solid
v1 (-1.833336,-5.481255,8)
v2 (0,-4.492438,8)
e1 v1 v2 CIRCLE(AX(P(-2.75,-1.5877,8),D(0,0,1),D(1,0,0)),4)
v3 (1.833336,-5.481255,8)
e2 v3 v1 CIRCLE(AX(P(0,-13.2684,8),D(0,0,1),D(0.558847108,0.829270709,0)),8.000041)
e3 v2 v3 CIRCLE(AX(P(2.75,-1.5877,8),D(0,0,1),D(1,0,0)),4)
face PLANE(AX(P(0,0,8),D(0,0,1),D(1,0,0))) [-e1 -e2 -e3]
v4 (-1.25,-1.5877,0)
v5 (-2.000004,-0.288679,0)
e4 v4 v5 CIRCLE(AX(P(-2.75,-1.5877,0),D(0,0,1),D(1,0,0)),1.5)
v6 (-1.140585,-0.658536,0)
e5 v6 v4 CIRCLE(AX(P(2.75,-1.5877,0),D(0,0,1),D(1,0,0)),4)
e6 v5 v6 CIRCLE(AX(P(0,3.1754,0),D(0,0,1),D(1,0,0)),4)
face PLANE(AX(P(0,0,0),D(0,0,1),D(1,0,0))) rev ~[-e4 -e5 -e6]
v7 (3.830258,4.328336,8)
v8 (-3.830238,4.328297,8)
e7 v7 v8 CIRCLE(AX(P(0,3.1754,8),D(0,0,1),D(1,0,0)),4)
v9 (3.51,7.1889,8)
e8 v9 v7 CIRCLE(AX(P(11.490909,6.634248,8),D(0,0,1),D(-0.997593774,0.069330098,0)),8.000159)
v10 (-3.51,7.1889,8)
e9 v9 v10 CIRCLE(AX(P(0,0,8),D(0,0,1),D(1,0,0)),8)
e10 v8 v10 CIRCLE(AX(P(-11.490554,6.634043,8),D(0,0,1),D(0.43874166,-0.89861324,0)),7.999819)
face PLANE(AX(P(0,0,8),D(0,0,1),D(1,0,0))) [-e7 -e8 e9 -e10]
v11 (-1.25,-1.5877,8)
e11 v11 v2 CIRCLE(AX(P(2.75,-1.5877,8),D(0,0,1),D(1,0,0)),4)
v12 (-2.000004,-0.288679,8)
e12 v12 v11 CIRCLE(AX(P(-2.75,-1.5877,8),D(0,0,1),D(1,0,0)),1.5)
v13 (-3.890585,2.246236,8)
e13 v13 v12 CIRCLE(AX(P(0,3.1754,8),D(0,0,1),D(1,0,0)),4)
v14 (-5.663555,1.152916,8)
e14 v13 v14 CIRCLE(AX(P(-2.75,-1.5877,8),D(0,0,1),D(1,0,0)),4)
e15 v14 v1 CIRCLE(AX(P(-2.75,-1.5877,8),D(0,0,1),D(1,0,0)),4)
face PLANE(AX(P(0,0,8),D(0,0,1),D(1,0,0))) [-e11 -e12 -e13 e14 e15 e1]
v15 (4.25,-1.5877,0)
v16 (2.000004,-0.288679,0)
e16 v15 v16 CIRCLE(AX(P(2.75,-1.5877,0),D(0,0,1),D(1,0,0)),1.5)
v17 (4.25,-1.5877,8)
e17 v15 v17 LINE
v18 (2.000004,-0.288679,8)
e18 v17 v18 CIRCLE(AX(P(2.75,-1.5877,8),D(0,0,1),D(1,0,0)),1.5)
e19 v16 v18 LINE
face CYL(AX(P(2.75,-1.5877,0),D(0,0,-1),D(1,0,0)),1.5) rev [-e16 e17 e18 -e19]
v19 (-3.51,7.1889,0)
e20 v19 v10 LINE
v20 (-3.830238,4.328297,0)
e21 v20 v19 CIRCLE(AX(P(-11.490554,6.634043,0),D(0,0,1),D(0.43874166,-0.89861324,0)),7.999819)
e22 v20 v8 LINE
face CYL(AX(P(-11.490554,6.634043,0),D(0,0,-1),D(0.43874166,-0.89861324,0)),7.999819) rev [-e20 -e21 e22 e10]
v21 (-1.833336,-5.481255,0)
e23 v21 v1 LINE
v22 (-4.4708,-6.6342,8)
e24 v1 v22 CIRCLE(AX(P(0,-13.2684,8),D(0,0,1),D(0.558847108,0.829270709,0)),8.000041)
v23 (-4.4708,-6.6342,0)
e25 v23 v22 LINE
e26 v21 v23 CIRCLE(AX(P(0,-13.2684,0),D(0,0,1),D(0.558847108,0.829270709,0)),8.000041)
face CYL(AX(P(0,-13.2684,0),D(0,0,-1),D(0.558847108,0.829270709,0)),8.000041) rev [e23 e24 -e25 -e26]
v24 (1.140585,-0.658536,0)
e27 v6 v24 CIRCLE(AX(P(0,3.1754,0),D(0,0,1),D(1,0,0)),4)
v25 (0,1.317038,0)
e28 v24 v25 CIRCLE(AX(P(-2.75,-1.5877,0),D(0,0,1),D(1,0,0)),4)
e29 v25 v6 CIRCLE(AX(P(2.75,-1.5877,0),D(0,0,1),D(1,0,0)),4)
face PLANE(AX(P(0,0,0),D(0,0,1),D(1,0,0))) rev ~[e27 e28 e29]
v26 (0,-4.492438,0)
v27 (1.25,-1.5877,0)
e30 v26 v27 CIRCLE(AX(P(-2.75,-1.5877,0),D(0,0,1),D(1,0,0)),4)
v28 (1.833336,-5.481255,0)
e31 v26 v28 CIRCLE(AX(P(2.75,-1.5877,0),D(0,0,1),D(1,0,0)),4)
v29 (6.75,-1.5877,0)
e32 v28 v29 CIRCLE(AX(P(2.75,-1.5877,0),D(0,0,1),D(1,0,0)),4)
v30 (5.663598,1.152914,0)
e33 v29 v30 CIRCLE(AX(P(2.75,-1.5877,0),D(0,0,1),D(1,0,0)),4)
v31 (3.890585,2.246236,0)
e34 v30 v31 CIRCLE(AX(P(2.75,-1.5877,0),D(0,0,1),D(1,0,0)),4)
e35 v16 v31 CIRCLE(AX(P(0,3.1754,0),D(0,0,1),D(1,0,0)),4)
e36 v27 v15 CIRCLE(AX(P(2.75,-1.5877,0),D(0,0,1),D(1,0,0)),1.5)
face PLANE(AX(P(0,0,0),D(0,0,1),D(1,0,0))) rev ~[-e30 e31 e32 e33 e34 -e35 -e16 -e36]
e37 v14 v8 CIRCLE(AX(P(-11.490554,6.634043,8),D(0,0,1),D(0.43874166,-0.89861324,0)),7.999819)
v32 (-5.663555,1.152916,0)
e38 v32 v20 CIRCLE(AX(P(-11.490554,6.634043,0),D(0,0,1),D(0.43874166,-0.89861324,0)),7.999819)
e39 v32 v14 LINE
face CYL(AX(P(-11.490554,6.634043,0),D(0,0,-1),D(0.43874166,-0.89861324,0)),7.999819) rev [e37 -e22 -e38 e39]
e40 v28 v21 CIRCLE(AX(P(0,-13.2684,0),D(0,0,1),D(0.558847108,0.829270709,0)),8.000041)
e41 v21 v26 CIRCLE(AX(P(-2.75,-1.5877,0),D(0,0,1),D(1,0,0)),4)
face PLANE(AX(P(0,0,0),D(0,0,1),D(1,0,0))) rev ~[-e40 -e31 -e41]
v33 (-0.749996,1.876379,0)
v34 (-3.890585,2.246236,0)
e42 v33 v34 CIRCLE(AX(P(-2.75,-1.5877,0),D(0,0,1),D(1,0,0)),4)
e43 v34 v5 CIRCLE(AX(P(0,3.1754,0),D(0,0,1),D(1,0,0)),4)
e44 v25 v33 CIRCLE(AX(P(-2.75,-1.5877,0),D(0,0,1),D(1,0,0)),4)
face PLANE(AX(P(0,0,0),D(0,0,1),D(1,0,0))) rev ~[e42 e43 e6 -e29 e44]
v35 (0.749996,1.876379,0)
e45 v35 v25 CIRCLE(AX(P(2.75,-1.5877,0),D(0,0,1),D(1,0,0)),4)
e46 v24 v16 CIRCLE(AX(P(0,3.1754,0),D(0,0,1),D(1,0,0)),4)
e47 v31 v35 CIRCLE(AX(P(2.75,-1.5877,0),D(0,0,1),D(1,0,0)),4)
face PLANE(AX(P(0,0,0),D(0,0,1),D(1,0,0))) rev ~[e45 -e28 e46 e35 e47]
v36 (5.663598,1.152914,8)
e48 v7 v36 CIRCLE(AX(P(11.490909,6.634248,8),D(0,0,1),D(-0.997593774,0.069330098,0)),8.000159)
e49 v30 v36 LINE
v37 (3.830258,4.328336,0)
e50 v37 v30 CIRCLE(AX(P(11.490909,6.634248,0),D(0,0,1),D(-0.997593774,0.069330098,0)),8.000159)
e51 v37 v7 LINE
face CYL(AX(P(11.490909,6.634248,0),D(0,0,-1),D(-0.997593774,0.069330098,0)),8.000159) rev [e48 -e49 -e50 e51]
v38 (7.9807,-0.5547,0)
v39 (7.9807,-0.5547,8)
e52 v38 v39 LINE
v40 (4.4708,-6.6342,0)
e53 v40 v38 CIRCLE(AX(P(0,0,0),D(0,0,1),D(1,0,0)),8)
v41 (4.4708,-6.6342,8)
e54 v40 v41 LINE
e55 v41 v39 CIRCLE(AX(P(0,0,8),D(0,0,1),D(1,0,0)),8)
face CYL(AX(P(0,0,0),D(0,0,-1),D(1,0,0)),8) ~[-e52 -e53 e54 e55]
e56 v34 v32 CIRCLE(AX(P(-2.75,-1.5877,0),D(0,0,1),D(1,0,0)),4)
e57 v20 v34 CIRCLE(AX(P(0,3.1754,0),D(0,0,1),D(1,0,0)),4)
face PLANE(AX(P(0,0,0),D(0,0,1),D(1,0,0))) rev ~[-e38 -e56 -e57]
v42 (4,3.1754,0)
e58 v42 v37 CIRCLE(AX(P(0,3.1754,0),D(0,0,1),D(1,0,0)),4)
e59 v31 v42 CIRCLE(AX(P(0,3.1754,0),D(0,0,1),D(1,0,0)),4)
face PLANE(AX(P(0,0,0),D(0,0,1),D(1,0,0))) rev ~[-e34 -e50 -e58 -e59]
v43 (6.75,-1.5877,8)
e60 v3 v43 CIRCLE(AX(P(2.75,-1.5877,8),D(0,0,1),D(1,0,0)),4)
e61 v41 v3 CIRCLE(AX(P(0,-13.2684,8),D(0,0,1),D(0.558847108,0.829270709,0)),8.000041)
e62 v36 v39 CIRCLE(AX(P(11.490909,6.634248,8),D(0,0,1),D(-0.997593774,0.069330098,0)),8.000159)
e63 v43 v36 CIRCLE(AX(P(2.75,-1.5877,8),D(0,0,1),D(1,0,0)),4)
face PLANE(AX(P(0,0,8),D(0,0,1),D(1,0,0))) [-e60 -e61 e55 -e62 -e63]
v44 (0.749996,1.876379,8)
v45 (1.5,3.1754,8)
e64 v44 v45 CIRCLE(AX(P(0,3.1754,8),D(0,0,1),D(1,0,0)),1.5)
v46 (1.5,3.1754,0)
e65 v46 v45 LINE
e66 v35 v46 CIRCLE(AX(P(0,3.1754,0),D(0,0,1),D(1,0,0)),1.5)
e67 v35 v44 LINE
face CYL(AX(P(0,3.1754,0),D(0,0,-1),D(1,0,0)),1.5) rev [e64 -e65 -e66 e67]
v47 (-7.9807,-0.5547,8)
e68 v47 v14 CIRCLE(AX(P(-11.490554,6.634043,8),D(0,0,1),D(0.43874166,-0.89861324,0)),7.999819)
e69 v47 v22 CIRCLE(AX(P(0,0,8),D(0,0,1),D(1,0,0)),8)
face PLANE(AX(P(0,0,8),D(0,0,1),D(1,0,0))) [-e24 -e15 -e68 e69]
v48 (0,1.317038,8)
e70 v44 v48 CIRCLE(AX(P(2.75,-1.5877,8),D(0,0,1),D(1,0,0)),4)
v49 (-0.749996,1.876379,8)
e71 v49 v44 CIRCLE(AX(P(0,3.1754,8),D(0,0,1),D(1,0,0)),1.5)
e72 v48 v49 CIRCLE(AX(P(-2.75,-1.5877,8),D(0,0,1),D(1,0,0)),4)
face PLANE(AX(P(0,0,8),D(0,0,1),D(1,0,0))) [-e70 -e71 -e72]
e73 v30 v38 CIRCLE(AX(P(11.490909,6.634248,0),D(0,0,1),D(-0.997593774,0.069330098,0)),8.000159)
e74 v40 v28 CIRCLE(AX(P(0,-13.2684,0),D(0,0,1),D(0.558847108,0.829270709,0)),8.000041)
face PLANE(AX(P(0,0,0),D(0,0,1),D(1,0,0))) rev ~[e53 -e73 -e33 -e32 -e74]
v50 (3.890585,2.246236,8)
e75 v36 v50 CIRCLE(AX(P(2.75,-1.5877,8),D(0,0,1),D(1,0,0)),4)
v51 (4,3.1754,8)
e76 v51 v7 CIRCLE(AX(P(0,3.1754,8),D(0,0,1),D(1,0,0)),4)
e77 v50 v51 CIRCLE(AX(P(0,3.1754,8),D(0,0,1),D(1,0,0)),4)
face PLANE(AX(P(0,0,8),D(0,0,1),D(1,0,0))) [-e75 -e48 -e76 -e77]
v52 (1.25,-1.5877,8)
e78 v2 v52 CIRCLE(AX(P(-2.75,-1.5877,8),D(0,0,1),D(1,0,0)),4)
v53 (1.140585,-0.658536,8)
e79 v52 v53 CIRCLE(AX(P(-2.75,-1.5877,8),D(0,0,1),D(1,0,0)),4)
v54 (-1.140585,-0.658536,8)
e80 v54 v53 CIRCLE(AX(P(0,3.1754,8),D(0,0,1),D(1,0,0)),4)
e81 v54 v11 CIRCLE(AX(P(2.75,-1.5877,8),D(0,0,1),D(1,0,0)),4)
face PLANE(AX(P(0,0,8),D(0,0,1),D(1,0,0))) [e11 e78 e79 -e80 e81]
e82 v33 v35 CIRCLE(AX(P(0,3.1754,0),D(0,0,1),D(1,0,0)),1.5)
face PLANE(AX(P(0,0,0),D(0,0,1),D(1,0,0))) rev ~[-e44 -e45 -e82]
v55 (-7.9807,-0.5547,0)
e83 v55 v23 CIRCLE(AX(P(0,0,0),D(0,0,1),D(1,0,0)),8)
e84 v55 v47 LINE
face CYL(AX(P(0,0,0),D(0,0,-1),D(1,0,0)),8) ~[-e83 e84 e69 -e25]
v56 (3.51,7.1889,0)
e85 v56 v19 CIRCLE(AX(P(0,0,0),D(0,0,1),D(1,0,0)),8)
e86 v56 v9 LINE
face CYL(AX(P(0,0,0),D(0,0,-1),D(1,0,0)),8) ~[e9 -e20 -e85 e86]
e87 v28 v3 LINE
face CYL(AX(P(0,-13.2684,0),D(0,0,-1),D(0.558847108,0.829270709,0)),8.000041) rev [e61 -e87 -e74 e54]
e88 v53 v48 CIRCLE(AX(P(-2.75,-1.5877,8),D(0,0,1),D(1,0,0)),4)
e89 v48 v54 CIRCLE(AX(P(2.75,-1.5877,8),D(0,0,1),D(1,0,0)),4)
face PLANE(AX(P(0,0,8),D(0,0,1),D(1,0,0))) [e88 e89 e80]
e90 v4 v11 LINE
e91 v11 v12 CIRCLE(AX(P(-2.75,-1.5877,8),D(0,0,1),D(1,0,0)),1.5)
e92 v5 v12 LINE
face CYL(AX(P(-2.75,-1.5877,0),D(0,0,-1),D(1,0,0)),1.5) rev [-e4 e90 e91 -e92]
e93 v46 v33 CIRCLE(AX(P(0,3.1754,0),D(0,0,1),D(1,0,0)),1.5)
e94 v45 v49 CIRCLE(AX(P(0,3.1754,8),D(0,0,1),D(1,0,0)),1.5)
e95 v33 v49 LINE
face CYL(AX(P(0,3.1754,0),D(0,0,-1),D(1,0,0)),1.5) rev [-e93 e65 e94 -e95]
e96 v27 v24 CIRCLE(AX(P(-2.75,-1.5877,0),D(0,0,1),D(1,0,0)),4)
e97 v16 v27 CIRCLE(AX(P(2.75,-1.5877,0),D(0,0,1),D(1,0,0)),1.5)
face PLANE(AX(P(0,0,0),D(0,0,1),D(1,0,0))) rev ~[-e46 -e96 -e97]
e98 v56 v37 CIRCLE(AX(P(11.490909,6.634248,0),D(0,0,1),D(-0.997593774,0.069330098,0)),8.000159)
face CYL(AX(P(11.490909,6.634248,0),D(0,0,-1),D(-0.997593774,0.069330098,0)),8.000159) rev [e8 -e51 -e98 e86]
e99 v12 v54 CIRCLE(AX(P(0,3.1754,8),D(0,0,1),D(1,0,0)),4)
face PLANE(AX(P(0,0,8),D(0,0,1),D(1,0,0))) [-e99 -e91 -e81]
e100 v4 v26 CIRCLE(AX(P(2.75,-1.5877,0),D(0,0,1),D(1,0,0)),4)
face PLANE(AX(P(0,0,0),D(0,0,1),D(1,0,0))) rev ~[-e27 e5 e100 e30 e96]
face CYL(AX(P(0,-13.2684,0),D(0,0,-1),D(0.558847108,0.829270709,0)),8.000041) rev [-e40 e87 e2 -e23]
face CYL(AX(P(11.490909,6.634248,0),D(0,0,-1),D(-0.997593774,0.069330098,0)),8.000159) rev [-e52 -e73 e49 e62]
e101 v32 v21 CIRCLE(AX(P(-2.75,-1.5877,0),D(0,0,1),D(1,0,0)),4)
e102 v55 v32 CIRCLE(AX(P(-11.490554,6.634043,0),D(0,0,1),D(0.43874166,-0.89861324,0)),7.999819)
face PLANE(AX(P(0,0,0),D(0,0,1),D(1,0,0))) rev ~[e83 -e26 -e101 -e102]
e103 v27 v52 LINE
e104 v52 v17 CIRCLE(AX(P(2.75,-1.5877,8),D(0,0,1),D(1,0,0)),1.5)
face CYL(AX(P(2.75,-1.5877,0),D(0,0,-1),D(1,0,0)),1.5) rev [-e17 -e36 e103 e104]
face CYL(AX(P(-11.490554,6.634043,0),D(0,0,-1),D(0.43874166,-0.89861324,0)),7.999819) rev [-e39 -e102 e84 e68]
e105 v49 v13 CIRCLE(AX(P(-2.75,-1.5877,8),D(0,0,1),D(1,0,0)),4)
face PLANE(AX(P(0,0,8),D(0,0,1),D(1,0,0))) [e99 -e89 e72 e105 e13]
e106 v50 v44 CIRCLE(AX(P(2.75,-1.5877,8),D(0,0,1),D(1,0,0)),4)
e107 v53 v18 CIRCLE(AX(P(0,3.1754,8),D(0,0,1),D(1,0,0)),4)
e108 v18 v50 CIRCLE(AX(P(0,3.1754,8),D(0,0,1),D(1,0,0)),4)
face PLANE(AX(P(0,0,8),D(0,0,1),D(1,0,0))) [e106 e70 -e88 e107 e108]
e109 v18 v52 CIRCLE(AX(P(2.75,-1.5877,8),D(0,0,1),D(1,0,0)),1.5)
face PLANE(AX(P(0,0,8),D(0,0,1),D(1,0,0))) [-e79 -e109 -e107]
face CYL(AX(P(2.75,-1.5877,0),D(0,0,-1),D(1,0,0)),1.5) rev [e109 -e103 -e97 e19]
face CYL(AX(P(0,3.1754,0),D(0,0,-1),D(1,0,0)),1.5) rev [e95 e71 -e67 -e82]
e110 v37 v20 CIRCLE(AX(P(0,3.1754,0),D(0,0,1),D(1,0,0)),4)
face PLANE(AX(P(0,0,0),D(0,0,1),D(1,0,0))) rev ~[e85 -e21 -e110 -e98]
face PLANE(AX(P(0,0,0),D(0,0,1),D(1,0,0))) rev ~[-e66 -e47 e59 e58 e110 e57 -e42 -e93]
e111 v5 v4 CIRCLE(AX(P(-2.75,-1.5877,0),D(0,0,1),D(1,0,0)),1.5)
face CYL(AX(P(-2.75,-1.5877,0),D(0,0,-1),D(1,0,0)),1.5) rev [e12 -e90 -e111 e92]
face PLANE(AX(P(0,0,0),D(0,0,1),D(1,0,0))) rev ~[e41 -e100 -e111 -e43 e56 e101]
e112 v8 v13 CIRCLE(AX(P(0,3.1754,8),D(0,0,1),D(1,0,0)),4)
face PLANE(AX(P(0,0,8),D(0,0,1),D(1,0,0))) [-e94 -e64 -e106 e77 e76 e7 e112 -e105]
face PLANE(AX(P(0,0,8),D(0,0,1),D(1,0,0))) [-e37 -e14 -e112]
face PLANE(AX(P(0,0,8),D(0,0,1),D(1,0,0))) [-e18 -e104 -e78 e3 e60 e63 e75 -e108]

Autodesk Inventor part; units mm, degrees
ref_plane "YZ Plane" through (0, 0, 0) normal (1, 0, 0) x (0, 1, 0)
ref_plane "XZ Plane" through (0, 0, 0) normal (0, 1, 0) x (-1, 0, 0)
ref_plane "XY Plane" through (0, 0, 0) normal (0, 0, 1) x (1, 0, 0)
sketch "スケッチ1" plane through (0, 0, 0) normal (0, 0, 1) x (1, 0, 0)
  circle A0 centre (0, 0) radius 8
  line L0 (0, 3.1754) -> (2.75, -1.5877) construction
  line L1 (2.75, -1.5877) -> (-2.75, -1.5877) construction
  line L2 (-2.75, -1.5877) -> (0, 3.1754) construction
  circle A1 centre (0, 3.1754) radius 1.5
  circle A2 centre (2.75, -1.5877) radius 1.5
  circle A3 centre (-2.75, -1.5877) radius 1.5
  circle A4 centre (0, 3.1754) radius 4
  circle A5 centre (2.75, -1.5877) radius 4
  circle A6 centre (-2.75, -1.5877) radius 4
  arc A7 (-7.9807, -0.5547) -> (-3.51, 7.1889) centre (-11.4907, 6.6342) ccw
  arc A8 (3.51, 7.1889) -> (7.9807, -0.5547) centre (11.4907, 6.6342) ccw
  arc A9 (4.4708, -6.6342) -> (-4.4708, -6.6342) centre (0, -13.2684) ccw
  dimension "d0" = 16
  dimension "d1" = 5.5
  dimension "d2" = 3
  dimension "d3" = 3
  dimension "d4" = 3
  dimension "d5" = 2.5
  dimension "d6" = 2.5
  dimension "d7" = 2.5
  dimension "d8" = 8
  dimension "d9" = 8
  dimension "d10" = 8
extrude "押し出し1" add sketch "スケッチ1" along normal blind 8 contours A8 A4 A7 A0 | A0 A9 A5 A8 | A8 A5 A4 | A4 A5 A1 A6 | A5 A6 A2 A4 | A7 A6 A9 A0 | A4 A6 A7 | A9 A6 A5 | A4 A6 A5 | A6 A4 A3 A5 | A6 A5 A4 | A5 A4 A6 | A2 A6 A4 | A5 A6 A1 | A4 A5 A3 | A4 A5 A6
